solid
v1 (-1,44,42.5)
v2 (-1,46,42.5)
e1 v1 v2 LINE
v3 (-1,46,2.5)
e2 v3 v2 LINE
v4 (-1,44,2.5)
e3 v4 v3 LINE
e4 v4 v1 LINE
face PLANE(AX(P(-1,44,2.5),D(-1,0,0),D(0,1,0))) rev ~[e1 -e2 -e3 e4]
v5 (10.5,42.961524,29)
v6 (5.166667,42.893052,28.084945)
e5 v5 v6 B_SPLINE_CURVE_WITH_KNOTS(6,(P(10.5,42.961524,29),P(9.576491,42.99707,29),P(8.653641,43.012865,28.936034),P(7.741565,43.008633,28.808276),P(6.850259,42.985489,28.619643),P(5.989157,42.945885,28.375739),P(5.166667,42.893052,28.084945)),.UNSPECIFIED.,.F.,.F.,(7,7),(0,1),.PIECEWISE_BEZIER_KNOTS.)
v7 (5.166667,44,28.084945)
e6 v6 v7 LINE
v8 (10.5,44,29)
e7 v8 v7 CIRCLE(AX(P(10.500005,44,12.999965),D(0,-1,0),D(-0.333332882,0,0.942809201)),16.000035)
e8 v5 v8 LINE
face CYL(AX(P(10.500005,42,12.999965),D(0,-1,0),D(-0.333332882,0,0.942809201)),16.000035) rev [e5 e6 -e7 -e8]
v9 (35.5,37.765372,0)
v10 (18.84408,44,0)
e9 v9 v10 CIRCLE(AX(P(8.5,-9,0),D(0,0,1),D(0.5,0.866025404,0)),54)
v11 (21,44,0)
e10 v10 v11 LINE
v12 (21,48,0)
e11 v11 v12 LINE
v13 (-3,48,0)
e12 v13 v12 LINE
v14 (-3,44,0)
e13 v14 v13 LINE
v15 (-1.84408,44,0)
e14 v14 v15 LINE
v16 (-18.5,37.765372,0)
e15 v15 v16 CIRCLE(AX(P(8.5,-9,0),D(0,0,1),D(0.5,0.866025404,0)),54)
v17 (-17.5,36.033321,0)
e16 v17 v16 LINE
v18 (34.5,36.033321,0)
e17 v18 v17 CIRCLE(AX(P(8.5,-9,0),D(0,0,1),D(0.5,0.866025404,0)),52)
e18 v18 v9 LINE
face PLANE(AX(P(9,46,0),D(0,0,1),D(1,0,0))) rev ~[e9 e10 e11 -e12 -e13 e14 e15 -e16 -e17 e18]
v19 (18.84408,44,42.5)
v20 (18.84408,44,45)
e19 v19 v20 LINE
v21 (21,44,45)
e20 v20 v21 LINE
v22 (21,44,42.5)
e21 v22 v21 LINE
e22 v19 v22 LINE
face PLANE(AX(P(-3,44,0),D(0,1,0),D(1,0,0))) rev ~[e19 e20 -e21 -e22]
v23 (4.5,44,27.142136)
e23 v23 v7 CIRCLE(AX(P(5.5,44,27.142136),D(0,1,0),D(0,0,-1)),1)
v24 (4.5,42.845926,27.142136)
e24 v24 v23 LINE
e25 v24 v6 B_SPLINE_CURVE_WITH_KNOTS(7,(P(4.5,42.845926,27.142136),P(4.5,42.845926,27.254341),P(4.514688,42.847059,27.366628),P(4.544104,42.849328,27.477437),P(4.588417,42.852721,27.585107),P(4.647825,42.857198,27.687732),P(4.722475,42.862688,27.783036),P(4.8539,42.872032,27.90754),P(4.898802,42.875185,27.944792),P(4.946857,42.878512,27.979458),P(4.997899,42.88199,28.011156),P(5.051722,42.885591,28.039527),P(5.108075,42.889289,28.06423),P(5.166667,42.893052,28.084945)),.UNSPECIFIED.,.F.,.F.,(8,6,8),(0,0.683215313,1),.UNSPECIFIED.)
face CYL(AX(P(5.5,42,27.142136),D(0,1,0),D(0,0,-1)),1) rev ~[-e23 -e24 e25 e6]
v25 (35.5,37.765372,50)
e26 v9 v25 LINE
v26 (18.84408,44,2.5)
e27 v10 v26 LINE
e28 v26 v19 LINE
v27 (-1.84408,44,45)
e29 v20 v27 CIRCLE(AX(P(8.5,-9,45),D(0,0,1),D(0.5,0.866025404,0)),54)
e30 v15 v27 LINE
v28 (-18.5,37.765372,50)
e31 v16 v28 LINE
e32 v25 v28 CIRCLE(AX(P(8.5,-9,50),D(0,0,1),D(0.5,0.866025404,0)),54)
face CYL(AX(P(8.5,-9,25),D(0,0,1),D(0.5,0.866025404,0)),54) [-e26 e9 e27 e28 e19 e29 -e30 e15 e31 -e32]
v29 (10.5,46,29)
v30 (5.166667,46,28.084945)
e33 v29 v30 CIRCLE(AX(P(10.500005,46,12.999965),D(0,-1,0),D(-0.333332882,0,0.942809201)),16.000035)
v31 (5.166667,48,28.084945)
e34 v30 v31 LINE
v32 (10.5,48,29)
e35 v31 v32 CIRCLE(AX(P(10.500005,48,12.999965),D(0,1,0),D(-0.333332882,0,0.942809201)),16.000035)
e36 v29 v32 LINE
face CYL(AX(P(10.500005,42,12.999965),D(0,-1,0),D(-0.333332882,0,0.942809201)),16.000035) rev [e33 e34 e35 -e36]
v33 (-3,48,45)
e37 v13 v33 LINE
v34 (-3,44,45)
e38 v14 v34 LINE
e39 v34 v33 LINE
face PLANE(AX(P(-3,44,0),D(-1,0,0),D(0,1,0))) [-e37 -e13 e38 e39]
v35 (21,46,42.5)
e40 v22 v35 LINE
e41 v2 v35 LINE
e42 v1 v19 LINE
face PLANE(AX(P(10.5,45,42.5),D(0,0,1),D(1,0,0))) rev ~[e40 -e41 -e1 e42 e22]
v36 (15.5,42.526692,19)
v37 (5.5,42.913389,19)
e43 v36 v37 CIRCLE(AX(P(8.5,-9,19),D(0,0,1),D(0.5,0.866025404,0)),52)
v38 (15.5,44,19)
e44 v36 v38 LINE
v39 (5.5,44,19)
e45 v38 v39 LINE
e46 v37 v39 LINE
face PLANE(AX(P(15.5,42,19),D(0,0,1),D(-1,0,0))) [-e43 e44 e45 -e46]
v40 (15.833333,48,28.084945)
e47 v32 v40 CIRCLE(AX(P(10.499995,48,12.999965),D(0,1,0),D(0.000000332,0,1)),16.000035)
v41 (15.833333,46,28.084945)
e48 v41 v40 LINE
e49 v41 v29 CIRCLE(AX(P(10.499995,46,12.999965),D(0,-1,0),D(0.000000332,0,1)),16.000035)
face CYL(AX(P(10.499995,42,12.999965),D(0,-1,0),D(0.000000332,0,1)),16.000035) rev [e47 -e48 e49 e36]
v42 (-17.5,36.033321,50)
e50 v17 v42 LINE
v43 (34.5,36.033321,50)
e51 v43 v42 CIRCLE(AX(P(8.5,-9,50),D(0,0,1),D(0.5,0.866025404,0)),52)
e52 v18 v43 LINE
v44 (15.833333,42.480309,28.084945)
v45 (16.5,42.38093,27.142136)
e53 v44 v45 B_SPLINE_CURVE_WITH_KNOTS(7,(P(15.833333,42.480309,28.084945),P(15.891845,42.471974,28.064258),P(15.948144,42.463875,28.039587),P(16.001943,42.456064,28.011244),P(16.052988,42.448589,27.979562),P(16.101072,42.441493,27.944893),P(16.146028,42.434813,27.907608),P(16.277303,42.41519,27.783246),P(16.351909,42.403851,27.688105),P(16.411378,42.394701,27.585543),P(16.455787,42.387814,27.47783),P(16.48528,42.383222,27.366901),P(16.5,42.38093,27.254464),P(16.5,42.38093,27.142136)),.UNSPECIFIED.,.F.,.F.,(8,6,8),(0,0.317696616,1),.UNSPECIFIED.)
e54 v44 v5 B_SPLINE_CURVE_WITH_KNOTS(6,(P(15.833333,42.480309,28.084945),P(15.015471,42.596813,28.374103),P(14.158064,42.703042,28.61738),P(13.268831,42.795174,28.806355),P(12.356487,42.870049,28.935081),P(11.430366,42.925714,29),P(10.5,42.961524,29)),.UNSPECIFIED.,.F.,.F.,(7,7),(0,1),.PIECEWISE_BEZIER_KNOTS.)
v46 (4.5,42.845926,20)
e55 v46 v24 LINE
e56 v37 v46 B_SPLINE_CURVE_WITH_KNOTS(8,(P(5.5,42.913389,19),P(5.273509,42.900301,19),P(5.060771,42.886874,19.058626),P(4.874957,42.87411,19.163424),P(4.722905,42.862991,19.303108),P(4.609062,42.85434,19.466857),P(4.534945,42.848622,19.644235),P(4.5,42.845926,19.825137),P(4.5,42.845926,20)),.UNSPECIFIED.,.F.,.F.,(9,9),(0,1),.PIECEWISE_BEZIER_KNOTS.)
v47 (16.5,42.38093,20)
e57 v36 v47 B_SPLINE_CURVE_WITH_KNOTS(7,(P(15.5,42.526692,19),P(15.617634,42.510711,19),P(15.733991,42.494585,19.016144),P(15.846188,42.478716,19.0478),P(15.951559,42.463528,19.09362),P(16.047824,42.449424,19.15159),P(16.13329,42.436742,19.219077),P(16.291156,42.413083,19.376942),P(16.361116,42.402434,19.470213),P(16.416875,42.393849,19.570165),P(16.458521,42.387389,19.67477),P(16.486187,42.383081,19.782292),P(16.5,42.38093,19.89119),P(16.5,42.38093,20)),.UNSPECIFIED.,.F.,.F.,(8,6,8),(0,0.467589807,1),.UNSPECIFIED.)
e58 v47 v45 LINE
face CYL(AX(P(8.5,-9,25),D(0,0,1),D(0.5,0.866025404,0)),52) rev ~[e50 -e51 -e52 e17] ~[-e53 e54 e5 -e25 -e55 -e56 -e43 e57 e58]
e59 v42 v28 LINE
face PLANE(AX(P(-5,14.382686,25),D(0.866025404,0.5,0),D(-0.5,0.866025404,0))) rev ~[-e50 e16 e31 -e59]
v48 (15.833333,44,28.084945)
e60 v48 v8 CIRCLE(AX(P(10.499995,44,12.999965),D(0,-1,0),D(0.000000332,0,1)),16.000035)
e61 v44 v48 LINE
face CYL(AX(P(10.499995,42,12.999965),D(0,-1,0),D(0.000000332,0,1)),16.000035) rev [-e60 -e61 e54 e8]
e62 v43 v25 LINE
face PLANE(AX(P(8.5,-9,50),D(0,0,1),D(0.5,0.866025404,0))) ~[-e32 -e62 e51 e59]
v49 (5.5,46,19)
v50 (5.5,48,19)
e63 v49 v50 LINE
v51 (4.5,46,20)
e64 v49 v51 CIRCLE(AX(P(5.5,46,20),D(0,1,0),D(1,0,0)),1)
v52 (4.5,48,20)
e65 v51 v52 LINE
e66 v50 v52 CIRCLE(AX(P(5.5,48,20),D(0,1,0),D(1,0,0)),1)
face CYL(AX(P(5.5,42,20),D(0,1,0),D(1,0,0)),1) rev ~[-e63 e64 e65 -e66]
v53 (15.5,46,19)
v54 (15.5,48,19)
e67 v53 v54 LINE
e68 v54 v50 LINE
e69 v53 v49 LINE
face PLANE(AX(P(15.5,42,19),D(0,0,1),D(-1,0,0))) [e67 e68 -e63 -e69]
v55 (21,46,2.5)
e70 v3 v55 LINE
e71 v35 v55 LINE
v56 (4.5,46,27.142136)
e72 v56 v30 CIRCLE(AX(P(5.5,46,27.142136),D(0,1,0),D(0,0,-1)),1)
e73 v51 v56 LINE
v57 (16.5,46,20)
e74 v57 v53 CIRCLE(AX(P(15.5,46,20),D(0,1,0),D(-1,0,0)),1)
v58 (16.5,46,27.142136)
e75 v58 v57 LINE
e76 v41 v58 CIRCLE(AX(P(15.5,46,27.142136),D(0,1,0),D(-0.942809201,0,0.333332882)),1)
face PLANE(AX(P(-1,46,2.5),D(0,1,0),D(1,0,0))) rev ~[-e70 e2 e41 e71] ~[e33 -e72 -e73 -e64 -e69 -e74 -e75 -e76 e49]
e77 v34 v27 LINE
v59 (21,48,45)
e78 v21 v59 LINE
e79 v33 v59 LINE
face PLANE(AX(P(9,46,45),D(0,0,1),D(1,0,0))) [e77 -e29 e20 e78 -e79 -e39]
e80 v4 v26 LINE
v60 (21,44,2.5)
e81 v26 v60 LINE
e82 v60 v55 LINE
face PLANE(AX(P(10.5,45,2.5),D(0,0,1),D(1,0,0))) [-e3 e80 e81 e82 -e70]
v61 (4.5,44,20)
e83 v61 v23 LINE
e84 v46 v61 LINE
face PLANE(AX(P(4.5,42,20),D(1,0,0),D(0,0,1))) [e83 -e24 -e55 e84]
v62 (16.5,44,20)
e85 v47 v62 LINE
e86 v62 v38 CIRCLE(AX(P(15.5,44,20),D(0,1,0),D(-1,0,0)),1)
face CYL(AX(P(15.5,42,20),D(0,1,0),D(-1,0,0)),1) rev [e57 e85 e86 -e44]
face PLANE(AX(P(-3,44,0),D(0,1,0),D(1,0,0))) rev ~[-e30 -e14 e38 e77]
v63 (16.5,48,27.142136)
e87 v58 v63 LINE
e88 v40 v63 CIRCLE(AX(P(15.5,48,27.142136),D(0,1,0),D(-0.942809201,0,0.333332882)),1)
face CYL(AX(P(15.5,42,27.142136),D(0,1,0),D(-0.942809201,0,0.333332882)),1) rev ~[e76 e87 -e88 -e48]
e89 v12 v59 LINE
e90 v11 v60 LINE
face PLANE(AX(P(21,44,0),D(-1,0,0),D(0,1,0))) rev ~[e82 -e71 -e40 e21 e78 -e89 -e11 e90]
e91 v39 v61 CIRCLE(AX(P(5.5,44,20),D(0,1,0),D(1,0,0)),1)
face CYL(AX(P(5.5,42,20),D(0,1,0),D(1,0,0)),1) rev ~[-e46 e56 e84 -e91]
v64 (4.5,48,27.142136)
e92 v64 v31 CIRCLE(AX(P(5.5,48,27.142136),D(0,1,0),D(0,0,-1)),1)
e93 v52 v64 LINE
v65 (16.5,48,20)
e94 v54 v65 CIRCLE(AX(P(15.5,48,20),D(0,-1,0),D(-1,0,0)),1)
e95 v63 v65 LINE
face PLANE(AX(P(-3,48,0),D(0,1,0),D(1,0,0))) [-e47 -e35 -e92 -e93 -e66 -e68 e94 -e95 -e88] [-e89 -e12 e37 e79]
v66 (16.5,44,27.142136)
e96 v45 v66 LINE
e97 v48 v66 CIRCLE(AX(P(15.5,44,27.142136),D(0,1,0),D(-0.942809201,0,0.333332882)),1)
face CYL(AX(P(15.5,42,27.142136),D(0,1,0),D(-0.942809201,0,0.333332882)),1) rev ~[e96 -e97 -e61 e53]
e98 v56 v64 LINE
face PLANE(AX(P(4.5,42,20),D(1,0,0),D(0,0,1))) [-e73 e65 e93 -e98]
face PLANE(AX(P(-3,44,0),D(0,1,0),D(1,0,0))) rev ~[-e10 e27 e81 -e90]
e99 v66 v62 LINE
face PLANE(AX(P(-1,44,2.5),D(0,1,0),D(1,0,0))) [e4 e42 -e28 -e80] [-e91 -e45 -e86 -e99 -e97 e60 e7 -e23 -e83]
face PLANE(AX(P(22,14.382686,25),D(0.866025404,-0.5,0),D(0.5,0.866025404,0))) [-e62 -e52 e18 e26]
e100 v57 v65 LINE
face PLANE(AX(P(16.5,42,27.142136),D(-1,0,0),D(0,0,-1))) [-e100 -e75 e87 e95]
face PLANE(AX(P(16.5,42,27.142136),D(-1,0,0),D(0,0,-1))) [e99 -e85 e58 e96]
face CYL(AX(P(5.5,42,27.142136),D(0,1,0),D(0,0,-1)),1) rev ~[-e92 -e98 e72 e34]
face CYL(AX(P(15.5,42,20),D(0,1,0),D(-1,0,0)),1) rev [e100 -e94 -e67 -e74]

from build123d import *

# Parameters (mm, degrees)
BOX002_W                    = 23
BOX002_H                    = 2
BOX002_DEPTH                = 40
EXTRUDE_DEPTH               = 6
EXTRUDE001_DEPTH            = 6
THICKNESS_T                 = 1
BOX001_W                    = 24
BOX001_H                    = 4
BOX001_DEPTH                = 45
CYLINDER001_W               = 52
CYLINDER001_H               = 50
CYLINDER001_ANGLE           = 60
CYLINDER001_PLACEMENT_ANGLE = 60
CYLINDER_W                  = 54
CYLINDER_H                  = 50
CYLINDER_ANGLE              = 60
CYLINDER_PLACEMENT_ANGLE    = 60


with BuildPart() as slot:
    # Box002 → Box002 (new body)
    with BuildSketch(Plane(origin=(-1, 44, 2.5), x_dir=(1, 0, 0), z_dir=(0, 0, 1))):
        with Locations((11.5, 1)):
            Rectangle(BOX002_W, BOX002_H)
    extrude(amount=BOX002_DEPTH)


with BuildPart() as extrude_body:
    # Common_cs001 → Extrude (new body)
    with BuildSketch(Plane(origin=(8.5, 45, 6), x_dir=(1, 0, 0), z_dir=(0, 1, 0))):
        with BuildLine():
            Line((5, 4), (-5, 4))
            Line((-5, 4), (-5, -3.142136))
            ThreePointArc((-5, -3.142136), (-2.53653, -3.783978), (0, -4))
            ThreePointArc((0, -4), (2.53653, -3.783978), (5, -3.142136))
            Line((5, -3.142136), (5, 4))
        make_face()
    extrude(amount=EXTRUDE_DEPTH)


with BuildPart() as extrude001:
    # Common_cs002 → Extrude001 (new body)
    with BuildSketch(Plane(origin=(8.5, 45, 6), x_dir=(1, 0, 0), z_dir=(0, 1, 0))):
        with BuildLine():
            Line((5, 4), (-5, 4))
            Line((-5, 4), (-5, -3.142136))
            ThreePointArc((-5, -3.142136), (-2.53653, -3.783978), (0, -4))
            ThreePointArc((0, -4), (2.53653, -3.783978), (5, -3.142136))
            Line((5, -3.142136), (5, 4))
        make_face()
    extrude(amount=EXTRUDE001_DEPTH)


with BuildPart() as pin_opening:
    # Thickness base: copy of Extrude body
    add(extrude_body.part)

    # Thickness
    thickness_openings = [pin_opening.faces().sort_by_distance(p)[0] for p in [
        (8.5, 51, 5.862901),
    ]]
    offset(amount=THICKNESS_T, openings=thickness_openings)

    # Fusion002: union Extrude body, Extrude001
    add(extrude_body.part)
    add(extrude001.part)


with BuildPart() as pin_opening_1:
    # Fusion002 placement: moved
    add(pin_opening.part.moved(Location((2, -3, 18))))


with BuildPart() as latch:
    # Box001 → Box001 (new body)
    with BuildSketch(Plane(origin=(-3, 44, 0), x_dir=(1, 0, 0), z_dir=(0, 0, 1))):
        with Locations((12, 2)):
            Rectangle(BOX001_W, BOX001_H)
    extrude(amount=BOX001_DEPTH)


with BuildPart() as bottle_wall001:
    # Cylinder001 → Cylinder001 (revolve)
    with BuildSketch(Plane.XZ):
        with Locations((26, 25)):
            Rectangle(CYLINDER001_W, CYLINDER001_H)
    revolve(axis=Axis((0, 0, 0), (0, 0, 1)), revolution_arc=CYLINDER001_ANGLE)


with BuildPart() as bottle_wall001_1:
    # Cylinder001 placement: moved
    add(bottle_wall001.part.moved(Location((8.5, -7, 0))).rotate(Axis((8.5, -7, 0), (0, 0, 1)), CYLINDER001_PLACEMENT_ANGLE))


with BuildPart() as cut004:
    # Cylinder → Cylinder (revolve)
    with BuildSketch(Plane.XZ):
        with Locations((27, 25)):
            Rectangle(CYLINDER_W, CYLINDER_H)
    revolve(axis=Axis((0, 0, 0), (0, 0, 1)), revolution_arc=CYLINDER_ANGLE)


with BuildPart() as cut004_1:
    # Cylinder placement: moved
    add(cut004.part.moved(Location((8.5, -7, 0))).rotate(Axis((8.5, -7, 0), (0, 0, 1)), CYLINDER_PLACEMENT_ANGLE))

    # Cut: cut bottle_wall001
    add(bottle_wall001_1.part, mode=Mode.SUBTRACT)


with BuildPart() as cut004_2:
    # Cut placement: moved
    add(cut004_1.part.moved(Location((0, -2, 0))))

    # Fusion: union latch
    add(latch.part)

    # Fusion001: union latch
    add(latch.part)

    # Cut003: cut pin opening
    add(pin_opening_1.part, mode=Mode.SUBTRACT)

    # Cut004: cut slot
    add(slot.part, mode=Mode.SUBTRACT)


solid = cut004_2.part
